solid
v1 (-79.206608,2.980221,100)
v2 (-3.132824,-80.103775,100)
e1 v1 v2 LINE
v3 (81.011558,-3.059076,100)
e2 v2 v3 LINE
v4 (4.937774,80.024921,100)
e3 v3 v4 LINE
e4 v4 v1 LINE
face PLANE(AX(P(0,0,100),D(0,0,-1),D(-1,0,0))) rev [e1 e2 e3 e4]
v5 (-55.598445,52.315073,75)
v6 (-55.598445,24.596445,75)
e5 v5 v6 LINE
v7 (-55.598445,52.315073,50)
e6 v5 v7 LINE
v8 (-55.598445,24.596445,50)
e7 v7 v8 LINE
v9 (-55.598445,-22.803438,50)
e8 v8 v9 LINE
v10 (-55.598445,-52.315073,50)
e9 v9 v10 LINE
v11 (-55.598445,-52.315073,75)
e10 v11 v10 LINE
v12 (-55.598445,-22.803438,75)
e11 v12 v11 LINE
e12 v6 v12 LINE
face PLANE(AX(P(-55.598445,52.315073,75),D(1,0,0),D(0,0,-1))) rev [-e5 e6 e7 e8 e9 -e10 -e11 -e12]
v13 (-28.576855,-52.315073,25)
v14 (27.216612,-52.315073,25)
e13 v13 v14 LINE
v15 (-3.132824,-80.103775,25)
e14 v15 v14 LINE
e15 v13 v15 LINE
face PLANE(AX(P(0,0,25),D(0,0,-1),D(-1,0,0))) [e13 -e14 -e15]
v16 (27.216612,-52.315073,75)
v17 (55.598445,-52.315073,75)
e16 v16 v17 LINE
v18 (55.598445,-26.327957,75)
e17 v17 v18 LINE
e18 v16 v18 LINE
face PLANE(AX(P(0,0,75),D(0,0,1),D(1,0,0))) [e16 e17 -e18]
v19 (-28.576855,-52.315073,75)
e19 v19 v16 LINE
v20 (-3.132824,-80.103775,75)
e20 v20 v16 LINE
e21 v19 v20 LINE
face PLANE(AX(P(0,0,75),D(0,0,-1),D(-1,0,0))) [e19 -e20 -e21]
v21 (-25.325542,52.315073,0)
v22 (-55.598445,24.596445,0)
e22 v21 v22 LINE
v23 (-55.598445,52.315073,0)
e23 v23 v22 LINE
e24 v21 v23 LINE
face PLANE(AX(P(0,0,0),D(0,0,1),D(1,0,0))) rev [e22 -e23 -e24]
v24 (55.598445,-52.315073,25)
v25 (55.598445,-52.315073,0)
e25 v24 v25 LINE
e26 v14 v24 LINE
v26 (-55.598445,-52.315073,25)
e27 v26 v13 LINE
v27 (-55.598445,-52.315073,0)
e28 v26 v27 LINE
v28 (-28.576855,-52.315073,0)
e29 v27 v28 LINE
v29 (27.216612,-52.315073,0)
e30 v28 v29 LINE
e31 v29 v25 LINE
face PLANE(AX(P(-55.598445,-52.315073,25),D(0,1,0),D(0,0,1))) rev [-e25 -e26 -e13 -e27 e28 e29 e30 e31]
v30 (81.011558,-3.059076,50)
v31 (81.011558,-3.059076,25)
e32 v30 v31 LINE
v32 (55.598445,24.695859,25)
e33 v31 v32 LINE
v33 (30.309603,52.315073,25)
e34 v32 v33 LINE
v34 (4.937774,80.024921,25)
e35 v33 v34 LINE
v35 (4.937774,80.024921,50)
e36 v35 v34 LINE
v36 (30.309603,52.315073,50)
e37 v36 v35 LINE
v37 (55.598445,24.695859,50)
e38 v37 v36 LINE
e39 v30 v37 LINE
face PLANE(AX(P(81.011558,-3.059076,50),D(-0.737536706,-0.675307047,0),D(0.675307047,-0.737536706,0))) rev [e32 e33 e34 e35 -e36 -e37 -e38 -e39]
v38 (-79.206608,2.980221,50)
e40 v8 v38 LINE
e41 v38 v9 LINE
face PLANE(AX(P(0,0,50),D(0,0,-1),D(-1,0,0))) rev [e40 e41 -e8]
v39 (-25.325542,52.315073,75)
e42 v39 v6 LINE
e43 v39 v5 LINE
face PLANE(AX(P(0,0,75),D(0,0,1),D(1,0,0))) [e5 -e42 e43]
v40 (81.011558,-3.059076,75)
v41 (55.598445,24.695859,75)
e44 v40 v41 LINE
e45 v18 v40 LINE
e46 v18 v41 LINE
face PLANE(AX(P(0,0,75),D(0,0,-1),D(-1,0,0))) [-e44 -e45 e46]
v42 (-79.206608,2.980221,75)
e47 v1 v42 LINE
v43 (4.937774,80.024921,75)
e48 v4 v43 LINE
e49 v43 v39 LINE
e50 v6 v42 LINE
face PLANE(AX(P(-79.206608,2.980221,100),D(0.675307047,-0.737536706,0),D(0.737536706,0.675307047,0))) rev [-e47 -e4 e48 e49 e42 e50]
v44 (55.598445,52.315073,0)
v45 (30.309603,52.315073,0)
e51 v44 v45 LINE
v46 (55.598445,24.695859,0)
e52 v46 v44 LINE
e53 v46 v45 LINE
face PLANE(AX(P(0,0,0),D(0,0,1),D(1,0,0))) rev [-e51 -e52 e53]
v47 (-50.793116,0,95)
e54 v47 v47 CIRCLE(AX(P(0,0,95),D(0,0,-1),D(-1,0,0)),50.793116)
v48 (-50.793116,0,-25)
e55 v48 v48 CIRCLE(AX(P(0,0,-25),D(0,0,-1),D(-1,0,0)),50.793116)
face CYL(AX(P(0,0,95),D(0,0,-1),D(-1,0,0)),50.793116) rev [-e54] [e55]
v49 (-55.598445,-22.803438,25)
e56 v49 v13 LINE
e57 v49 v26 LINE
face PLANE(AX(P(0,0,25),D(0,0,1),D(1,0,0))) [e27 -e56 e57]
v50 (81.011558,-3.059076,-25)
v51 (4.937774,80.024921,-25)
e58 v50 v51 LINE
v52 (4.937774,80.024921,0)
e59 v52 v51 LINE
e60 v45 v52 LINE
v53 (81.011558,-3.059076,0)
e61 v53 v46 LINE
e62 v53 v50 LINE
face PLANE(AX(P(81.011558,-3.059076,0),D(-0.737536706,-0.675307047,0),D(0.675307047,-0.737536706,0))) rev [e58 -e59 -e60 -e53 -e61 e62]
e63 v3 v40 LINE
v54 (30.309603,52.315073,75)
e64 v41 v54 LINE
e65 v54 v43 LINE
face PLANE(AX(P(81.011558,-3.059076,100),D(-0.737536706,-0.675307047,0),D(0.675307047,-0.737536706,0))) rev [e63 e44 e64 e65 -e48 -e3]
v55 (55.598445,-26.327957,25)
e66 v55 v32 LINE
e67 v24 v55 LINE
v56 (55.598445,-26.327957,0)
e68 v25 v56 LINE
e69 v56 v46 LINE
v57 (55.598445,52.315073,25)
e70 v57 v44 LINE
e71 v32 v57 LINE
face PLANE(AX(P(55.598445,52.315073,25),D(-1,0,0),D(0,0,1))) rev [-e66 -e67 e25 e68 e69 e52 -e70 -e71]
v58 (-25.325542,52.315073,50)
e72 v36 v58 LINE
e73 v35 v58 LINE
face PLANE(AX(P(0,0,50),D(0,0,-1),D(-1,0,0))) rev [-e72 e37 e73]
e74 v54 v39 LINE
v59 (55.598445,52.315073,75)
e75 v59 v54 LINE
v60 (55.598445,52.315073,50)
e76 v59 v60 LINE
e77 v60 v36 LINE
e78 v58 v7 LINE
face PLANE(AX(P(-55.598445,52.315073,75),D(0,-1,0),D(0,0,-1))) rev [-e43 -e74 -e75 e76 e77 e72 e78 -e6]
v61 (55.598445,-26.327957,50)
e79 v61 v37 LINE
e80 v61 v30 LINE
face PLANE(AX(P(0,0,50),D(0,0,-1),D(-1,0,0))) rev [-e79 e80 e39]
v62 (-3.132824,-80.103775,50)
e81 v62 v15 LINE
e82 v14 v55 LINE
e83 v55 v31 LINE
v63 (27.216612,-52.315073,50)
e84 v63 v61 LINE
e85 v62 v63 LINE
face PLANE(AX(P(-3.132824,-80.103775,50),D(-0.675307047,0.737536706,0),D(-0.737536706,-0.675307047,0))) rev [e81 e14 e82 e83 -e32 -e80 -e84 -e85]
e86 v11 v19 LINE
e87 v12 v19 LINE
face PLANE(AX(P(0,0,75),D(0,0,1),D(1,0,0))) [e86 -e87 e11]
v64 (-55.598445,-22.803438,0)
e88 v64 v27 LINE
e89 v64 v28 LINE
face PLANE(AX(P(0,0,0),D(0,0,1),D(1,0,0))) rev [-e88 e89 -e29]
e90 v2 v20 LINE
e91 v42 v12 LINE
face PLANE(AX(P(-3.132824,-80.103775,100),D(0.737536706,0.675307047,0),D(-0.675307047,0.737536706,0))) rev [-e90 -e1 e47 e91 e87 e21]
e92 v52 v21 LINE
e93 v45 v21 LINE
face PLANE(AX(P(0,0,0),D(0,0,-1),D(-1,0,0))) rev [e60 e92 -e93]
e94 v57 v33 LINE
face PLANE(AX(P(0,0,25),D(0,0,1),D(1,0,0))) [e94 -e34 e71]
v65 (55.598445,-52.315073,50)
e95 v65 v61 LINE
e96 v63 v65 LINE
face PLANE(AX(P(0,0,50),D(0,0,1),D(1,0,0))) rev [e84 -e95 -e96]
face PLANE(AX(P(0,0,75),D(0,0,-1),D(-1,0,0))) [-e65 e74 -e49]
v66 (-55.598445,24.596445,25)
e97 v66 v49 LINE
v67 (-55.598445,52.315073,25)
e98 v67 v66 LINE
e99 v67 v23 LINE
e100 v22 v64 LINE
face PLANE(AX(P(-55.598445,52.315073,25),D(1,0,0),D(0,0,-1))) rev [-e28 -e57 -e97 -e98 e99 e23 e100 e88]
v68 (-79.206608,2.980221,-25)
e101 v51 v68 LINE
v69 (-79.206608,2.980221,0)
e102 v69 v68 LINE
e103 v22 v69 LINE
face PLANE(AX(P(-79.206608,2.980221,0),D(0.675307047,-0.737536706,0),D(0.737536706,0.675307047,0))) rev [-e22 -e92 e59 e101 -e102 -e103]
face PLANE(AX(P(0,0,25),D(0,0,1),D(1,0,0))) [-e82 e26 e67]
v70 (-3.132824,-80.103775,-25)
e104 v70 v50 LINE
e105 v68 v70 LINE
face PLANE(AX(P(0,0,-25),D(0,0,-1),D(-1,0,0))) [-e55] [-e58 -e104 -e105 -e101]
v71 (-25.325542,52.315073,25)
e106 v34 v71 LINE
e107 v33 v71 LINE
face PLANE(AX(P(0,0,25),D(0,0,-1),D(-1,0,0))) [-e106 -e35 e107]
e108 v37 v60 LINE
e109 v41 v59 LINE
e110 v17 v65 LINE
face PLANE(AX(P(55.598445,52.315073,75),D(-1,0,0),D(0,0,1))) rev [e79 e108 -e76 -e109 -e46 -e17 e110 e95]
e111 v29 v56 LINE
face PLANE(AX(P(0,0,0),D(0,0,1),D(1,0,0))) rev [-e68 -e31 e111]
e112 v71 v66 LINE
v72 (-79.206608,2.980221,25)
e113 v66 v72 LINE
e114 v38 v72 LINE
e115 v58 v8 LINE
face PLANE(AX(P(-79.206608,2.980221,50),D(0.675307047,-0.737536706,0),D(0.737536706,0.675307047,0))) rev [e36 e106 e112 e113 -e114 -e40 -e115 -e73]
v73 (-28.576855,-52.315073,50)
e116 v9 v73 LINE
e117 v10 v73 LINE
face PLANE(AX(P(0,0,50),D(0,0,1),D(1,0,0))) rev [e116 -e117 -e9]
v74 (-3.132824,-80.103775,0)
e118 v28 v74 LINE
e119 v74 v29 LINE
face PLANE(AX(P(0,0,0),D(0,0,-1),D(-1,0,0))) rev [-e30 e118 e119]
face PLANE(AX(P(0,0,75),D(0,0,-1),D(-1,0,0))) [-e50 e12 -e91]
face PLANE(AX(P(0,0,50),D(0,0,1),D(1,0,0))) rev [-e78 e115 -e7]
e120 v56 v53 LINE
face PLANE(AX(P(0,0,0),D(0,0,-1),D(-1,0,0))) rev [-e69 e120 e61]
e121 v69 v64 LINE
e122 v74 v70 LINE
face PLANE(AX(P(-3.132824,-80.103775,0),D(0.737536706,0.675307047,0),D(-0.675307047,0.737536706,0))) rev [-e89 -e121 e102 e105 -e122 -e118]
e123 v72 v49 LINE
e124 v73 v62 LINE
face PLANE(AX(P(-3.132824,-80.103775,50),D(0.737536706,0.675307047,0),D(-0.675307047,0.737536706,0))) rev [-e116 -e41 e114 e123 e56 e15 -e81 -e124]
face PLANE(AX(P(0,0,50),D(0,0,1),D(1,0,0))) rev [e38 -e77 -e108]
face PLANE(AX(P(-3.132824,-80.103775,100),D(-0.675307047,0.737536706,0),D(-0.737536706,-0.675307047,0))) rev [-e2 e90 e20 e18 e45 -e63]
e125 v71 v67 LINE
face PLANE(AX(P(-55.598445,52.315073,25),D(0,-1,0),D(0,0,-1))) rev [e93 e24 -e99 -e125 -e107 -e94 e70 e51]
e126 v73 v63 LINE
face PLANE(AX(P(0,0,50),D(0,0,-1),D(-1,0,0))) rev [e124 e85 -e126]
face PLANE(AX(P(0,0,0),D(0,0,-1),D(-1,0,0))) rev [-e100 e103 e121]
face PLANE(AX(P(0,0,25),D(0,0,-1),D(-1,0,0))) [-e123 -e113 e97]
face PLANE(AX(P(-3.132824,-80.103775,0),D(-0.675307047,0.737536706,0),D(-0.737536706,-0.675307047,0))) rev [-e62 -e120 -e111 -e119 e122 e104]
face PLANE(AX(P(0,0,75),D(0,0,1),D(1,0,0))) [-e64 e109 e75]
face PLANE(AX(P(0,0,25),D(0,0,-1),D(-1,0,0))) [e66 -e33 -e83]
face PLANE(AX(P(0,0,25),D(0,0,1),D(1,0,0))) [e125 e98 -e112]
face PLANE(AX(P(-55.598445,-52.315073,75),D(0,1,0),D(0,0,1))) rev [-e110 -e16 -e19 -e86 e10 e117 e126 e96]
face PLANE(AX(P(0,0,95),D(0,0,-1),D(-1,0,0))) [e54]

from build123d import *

# Parameters (mm, degrees)
CROQUIS1_W              = 111.196890842
CROQUIS1_H              = 104.63014532
SALIENTE_EXTRUIR1_DEPTH = 25
SALIENTE_EXTRUIR2_DEPTH = 25
MATRIZL4_COUNT          = 2
MATRIZL4_PITCH          = 50
MATRIZL5_COUNT          = 2
MATRIZL5_PITCH          = 50
CROQUIS3_R              = 50.793115706
CORTAR_EXTRUIR4_DEPTH   = 120


with BuildPart() as part:
    # Croquis1 → Saliente-Extruir1 (new body)
    with BuildSketch(Plane.XY):
        Rectangle(CROQUIS1_W, CROQUIS1_H)
    saliente_extruir1 = extrude(amount=SALIENTE_EXTRUIR1_DEPTH)

    # Croquis2 → Saliente-Extruir2 (add)
    with BuildSketch(Plane.XY.offset(25)):
        Polygon((-3.132824134, -80.10377536), (81.011557784, -3.059075666), (4.937773514, 80.024920806), (-79.206608404, 2.980221112), align=None)
    saliente_extruir2 = extrude(amount=SALIENTE_EXTRUIR2_DEPTH)

    # MatrizL4: Saliente-Extruir1, Saliente-Extruir2 ×2
    with Locations(*[(0, 0, i * MATRIZL4_PITCH) for i in range(1, MATRIZL4_COUNT)]):
        add(saliente_extruir1)
        add(saliente_extruir2)

    # MatrizL5: Saliente-Extruir2 ×2
    with Locations(*[(0, 0, -i * MATRIZL5_PITCH) for i in range(1, MATRIZL5_COUNT)]):
        add(saliente_extruir2)

    # Croquis3 → Cortar-Extruir4 (cut)
    with BuildSketch(Plane(origin=(0, 0, -25), x_dir=(-1, 0, 0), z_dir=(0, 0, -1))):
        Circle(CROQUIS3_R)
    extrude(amount=-CORTAR_EXTRUIR4_DEPTH, mode=Mode.SUBTRACT)


solid = part.part
